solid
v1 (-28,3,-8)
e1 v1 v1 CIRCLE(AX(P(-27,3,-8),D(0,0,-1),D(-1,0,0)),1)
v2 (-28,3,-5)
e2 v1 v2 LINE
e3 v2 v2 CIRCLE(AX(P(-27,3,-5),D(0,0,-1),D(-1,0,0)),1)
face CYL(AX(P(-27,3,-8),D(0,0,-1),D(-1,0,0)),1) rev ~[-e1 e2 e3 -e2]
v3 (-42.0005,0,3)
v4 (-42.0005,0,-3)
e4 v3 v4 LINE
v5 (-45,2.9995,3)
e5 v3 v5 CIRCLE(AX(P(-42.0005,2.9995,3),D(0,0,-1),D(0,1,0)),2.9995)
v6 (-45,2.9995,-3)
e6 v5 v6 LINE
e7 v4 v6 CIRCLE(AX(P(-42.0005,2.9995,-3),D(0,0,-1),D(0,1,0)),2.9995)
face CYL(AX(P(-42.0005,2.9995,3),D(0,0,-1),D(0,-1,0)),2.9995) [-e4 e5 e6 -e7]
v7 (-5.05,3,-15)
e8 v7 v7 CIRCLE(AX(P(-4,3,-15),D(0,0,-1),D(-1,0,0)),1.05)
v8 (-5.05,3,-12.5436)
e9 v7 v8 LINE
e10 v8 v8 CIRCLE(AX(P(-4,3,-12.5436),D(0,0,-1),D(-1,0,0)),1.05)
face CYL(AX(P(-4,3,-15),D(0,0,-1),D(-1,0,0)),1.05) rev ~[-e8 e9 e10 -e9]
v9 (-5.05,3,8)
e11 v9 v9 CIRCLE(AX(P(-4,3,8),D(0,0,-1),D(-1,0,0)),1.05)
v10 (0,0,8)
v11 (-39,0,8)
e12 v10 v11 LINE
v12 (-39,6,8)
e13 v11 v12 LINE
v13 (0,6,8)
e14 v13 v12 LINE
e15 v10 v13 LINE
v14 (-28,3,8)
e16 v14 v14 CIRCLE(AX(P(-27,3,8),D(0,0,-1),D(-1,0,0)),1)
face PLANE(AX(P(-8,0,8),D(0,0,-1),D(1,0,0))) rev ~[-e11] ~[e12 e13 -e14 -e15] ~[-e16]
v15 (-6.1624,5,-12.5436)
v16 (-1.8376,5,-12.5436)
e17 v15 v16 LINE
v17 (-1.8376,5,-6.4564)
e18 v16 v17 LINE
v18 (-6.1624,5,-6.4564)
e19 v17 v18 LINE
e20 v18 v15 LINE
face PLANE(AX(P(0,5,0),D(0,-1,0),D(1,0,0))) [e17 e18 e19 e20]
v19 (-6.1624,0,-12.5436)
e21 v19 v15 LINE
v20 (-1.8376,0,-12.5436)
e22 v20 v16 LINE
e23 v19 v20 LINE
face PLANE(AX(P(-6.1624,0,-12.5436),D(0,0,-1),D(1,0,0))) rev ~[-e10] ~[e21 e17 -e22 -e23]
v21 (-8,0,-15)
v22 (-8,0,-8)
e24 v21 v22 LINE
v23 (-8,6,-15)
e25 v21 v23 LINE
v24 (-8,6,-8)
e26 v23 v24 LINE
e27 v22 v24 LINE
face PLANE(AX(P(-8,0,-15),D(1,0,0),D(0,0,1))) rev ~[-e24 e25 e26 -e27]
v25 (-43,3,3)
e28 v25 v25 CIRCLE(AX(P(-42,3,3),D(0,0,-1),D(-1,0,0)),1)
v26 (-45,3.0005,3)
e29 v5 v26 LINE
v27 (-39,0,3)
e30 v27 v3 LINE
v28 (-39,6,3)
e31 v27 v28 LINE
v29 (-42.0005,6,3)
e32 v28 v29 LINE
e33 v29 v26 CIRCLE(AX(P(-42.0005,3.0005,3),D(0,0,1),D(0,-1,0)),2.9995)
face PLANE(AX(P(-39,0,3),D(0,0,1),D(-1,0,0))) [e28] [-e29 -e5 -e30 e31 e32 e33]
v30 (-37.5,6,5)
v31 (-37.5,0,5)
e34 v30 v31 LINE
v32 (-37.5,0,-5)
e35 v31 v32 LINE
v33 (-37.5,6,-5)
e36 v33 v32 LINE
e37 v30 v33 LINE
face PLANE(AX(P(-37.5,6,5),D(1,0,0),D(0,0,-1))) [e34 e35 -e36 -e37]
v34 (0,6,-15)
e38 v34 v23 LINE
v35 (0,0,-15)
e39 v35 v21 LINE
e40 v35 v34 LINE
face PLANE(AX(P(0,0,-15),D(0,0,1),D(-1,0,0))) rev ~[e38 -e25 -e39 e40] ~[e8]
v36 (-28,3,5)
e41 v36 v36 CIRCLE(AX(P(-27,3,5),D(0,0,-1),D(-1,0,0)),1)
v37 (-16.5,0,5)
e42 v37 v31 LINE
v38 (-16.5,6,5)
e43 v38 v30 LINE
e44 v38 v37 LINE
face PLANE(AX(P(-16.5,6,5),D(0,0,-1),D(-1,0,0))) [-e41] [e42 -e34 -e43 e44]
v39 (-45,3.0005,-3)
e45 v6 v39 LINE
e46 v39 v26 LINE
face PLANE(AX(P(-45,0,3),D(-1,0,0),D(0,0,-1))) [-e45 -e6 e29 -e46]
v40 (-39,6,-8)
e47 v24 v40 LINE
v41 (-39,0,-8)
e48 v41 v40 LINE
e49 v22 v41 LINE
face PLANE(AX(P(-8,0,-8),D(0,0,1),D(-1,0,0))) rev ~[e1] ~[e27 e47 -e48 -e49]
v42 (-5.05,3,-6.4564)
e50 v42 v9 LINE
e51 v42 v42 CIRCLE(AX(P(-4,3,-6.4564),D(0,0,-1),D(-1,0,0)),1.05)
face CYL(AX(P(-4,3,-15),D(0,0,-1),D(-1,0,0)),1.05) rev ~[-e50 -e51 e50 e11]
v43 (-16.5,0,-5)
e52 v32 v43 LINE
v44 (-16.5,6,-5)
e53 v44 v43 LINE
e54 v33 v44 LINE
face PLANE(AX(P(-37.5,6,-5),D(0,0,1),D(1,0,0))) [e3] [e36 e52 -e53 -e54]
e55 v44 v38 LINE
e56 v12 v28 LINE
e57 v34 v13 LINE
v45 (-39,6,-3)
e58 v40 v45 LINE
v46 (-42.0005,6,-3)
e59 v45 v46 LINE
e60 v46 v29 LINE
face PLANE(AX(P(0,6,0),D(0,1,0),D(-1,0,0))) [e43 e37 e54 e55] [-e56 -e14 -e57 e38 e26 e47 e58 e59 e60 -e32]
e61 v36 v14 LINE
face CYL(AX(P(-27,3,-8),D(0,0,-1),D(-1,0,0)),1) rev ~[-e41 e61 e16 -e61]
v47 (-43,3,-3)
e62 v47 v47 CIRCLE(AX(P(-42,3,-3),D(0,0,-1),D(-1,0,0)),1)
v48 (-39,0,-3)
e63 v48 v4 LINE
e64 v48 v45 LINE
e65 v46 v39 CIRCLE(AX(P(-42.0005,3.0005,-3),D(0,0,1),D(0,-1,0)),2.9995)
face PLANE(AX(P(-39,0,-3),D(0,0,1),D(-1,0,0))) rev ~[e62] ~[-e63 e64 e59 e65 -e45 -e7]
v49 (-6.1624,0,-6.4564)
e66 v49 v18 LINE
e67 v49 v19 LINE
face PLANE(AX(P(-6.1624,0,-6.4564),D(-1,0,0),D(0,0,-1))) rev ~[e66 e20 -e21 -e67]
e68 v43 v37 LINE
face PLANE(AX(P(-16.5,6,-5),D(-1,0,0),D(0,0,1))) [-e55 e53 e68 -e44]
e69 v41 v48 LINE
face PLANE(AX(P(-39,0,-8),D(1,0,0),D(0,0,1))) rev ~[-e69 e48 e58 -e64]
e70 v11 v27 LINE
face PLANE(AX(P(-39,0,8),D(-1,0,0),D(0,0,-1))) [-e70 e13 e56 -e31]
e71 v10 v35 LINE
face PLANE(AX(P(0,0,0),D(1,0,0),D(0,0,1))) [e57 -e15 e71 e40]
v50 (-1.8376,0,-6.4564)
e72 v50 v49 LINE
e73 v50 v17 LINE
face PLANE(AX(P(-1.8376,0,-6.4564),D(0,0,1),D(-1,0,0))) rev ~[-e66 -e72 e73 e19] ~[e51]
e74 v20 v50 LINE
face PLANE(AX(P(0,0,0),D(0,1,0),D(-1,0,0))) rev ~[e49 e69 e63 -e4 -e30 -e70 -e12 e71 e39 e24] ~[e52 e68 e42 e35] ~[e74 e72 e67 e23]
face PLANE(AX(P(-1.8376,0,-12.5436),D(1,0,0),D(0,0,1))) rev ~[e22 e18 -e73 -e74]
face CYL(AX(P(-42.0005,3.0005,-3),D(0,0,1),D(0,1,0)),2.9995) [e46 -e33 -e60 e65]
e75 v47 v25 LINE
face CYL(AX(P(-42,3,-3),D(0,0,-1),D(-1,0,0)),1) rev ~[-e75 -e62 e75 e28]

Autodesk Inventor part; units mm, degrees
ref_plane "YZ Plane" through (0, 0, 0) normal (1, 0, 0) x (0, 1, 0)
ref_plane "XZ Plane" through (0, 0, 0) normal (0, 1, 0) x (-1, 0, 0)
sketch "Sketch1" plane through (0, 0, 0) normal (0, 1, 0) x (-1, 0, 0)
  line L0 (0, 0) -> (18.1846, 0) construction
  line L1 (0, 0) -> (0, 15)
  line L2 (0, 15) -> (8, 15)
  line L3 (8, 15) -> (8, 8)
  line L4 (8, 8) -> (39, 8)
  line L5 (39, 8) -> (39, 3)
  line L6 (39, 3) -> (45, 3)
  line L7 (45, 3) -> (45, 0)
  line L8 (0, 0) -> (0, -15)
  line L9 (0, -15) -> (8, -15)
  line L10 (8, -15) -> (8, -8)
  line L11 (8, -8) -> (39, -8)
  line L12 (39, -8) -> (39, -3)
  line L13 (39, -3) -> (45, -3)
  line L14 (45, -3) -> (45, 0)
  point P0 (45, 1.5)
  dimension "d0" = 6
  dimension "d1" = 45
  dimension "d2" = 8
  dimension "d3" = 8
  dimension "d4" = 15
  dimension "d5" = 3
extrude "Extrusion1" add sketch "Sketch1" along normal blind 6
sketch "Sketch2" plane through (-39, 0, -3) normal (0, 0, -1) x (-1, 0, 0)
  line L0 (0, 0) -> (6, 0) projected
  line L1 (6, 0) -> (6, 6) projected
  line L2 (0, 6) -> (6, 6) projected
  line L3 (0, 0) -> (0, 6) projected
  circle A0 centre (3, 3) radius 1
  point P0 (-39, 0)
  point P1 (6, 3)
  dimension "d8" = 3
  dimension "d9" = 2
extrude "Extrusion2" cut sketch "Sketch2" against normal blind 6 contours A0
sketch "Sketch3" plane through (0, 6, 0) normal (0, 1, 0) x (1, 0, 0)
  line L0 (-8, 15) -> (-8, 8) projected
  line L1 (-8, 8) -> (-39, 8) projected
  line L2 (-39, 8) -> (-39, 3) projected
  line L3 (-39, 3) -> (-45, 3) projected
  line L4 (-45, 3) -> (-45, -3) projected
  line L5 (-45, -3) -> (-39, -3) projected
  line L6 (-39, -3) -> (-39, -8) projected
  line L7 (-39, -8) -> (-8, -8) projected
  line L8 (-8, -8) -> (-8, -15) projected
  line L9 (-8, -15) -> (0, -15) projected
  line L10 (0, -15) -> (0, 15) projected
  line L11 (0, 15) -> (-8, 15) projected
  line L12 (-45, 3) -> (-45, -3) construction
  line L13 (-45, 0) -> (0, 0) construction
  line L14 (-16.5, -5) -> (-37.5, -5)
  line L15 (-37.5, -5) -> (-37.5, 5)
  line L16 (-37.5, 5) -> (-16.5, 5)
  line L17 (-16.5, 5) -> (-16.5, -5)
  point P0 (-42, -3)
  point P1 (-27, -5)
  dimension "d12" = 10
  dimension "d13" = 21
  dimension "d14" = 15
extrude "Extrusion3" cut sketch "Sketch3" against normal through all contours L14 L15 L16 L17
sketch "Sketch4" plane through (-8, 0, -8) normal (0, 0, -1) x (-1, 0, 0)
  line L0 (29.5, 0) -> (8.5, 0) projected
  line L1 (29.5, 6) -> (29.5, 0) projected
  line L2 (8.5, 6) -> (29.5, 6) projected
  line L3 (8.5, 6) -> (8.5, 0) projected
  circle A0 centre (19, 3) radius 1
  point P0 (-8, 0)
  point P1 (10.5, 6)
  point P2 (29.5, 3)
  point P3 (19, 6)
  dimension "d17" = 2
extrude "Extrusion4" cut sketch "Sketch4" against normal through all contours A0
fillet "Fillet1" radius 3 2 edges at (-45, 6, 0) (-45, 0, 0)
sketch "Náčrt5" plane through (0, 0, -15) normal (0, 0, -1) x (-1, 0, 0)
  line L0 (0, 0) -> (8, 0) projected
  line L1 (8, 0) -> (8, 6) projected
  line L2 (0, 6) -> (8, 6) projected
  line L3 (0, 0) -> (0, 6) projected
  circle A0 centre (4, 3) radius 1.05
  point P0 (0, 0)
  point P1 (8, 3)
  point P2 (4, 6)
  dimension "d21" = 2.1
extrude "Vysunutí5" cut sketch "Náčrt5" against normal through all contours A0
ref_plane "Pracovní rovina1" through (0, 0, 0) normal (0, 0, -1) x (-1, 0, 0)
sketch "Sketch9" plane through (0, 0, 0) normal (0, -1, 0) x (1, 0, 0)
  line L0 (-42, -3) -> (-42, 3) projected
  line L1 (-39, -3) -> (-42, -3) projected
  line L2 (-39, -8) -> (-39, -3) projected
  line L3 (-8, -8) -> (-39, -8) projected
  line L4 (-8, -15) -> (-8, -8) projected
  line L5 (0, -15) -> (-8, -15) projected
  line L6 (0, 15) -> (0, -15) projected
  line L7 (-8, 15) -> (0, 15) projected
  line L8 (-8, 8) -> (-8, 15) projected
  line L9 (-39, 8) -> (-8, 8) projected
  line L10 (-39, 3) -> (-39, 8) projected
  line L11 (-42, 3) -> (-39, 3) projected
  line L12 (-16.5, -5) -> (-37.5, -5) projected
  line L13 (-37.5, -5) -> (-37.5, 5) projected
  line L14 (-37.5, 5) -> (-16.5, 5) projected
  line L15 (-16.5, 5) -> (-16.5, -5) projected
  line L16 (-2.95, -15) -> (-5.05, -15) projected
  line L17 (-1.8376, -6.4564) -> (-6.1624, -6.4564)
  line L18 (-6.1624, -6.4564) -> (-6.1624, -12.5436)
  line L19 (-6.1624, -12.5436) -> (-1.8376, -12.5436)
  line L20 (-1.8376, -12.5436) -> (-1.8376, -6.4564)
  line L21 (0, -15) -> (-8, -15) construction
  line L22 (-4, -15) -> (-4, 15) construction
  line L23 (-8, 15) -> (0, 15) construction
  point P0 (0, 0)
  point P1 (0, 0)
  point P2 (-1.8376, -9.5)
  dimension "d29" = 9.5
extrude "Extrusion7" cut sketch "Sketch9" against normal blind 5 contours L20 L19 L18 L17
sketch "Sketch10" plane through (0, 0, 0) normal (0, -1, 0) x (1, 0, 0)
  line L0 (-1.8376, -12.5436) -> (-6.1624, -12.5436) projected
  line L1 (-6.1624, -12.5436) -> (-6.1624, -6.4564) projected
  line L2 (-6.1624, -6.4564) -> (-1.8376, -6.4564) projected
  line L3 (-1.8376, -6.4564) -> (-1.8376, -12.5436) projected
  line L4 (-42, -3) -> (-42, 3) projected
  line L5 (-39, -3) -> (-42, -3) projected
  line L6 (-39, -8) -> (-39, -3) projected
  line L7 (-8, -8) -> (-39, -8) projected
  line L8 (-8, -15) -> (-8, -8) projected
  line L9 (0, -15) -> (-8, -15) projected
  line L10 (0, 15) -> (0, -15) projected
  line L11 (-8, 15) -> (0, 15) projected
  line L12 (-8, 8) -> (-8, 15) projected
  line L13 (-39, 8) -> (-8, 8) projected
  line L14 (-39, 3) -> (-39, 8) projected
  line L15 (-42, 3) -> (-39, 3) projected
  line L16 (-37.5, -5) -> (-37.5, 5) projected
  line L17 (-37.5, 5) -> (-16.5, 5) projected
  line L18 (-16.5, 5) -> (-16.5, -5) projected
  line L19 (-16.5, -5) -> (-37.5, -5) projected
  line L20 (-8, 8) -> (-8, 15) projected
  line L21 (-8, 8) -> (0, 8)
  point P0 (0, 0)
extrude "Extrusion8" cut sketch "Sketch10" against normal through all contours L12 L11 L10 L21
properties part number "drzak_pritlacneho_kolecka"
